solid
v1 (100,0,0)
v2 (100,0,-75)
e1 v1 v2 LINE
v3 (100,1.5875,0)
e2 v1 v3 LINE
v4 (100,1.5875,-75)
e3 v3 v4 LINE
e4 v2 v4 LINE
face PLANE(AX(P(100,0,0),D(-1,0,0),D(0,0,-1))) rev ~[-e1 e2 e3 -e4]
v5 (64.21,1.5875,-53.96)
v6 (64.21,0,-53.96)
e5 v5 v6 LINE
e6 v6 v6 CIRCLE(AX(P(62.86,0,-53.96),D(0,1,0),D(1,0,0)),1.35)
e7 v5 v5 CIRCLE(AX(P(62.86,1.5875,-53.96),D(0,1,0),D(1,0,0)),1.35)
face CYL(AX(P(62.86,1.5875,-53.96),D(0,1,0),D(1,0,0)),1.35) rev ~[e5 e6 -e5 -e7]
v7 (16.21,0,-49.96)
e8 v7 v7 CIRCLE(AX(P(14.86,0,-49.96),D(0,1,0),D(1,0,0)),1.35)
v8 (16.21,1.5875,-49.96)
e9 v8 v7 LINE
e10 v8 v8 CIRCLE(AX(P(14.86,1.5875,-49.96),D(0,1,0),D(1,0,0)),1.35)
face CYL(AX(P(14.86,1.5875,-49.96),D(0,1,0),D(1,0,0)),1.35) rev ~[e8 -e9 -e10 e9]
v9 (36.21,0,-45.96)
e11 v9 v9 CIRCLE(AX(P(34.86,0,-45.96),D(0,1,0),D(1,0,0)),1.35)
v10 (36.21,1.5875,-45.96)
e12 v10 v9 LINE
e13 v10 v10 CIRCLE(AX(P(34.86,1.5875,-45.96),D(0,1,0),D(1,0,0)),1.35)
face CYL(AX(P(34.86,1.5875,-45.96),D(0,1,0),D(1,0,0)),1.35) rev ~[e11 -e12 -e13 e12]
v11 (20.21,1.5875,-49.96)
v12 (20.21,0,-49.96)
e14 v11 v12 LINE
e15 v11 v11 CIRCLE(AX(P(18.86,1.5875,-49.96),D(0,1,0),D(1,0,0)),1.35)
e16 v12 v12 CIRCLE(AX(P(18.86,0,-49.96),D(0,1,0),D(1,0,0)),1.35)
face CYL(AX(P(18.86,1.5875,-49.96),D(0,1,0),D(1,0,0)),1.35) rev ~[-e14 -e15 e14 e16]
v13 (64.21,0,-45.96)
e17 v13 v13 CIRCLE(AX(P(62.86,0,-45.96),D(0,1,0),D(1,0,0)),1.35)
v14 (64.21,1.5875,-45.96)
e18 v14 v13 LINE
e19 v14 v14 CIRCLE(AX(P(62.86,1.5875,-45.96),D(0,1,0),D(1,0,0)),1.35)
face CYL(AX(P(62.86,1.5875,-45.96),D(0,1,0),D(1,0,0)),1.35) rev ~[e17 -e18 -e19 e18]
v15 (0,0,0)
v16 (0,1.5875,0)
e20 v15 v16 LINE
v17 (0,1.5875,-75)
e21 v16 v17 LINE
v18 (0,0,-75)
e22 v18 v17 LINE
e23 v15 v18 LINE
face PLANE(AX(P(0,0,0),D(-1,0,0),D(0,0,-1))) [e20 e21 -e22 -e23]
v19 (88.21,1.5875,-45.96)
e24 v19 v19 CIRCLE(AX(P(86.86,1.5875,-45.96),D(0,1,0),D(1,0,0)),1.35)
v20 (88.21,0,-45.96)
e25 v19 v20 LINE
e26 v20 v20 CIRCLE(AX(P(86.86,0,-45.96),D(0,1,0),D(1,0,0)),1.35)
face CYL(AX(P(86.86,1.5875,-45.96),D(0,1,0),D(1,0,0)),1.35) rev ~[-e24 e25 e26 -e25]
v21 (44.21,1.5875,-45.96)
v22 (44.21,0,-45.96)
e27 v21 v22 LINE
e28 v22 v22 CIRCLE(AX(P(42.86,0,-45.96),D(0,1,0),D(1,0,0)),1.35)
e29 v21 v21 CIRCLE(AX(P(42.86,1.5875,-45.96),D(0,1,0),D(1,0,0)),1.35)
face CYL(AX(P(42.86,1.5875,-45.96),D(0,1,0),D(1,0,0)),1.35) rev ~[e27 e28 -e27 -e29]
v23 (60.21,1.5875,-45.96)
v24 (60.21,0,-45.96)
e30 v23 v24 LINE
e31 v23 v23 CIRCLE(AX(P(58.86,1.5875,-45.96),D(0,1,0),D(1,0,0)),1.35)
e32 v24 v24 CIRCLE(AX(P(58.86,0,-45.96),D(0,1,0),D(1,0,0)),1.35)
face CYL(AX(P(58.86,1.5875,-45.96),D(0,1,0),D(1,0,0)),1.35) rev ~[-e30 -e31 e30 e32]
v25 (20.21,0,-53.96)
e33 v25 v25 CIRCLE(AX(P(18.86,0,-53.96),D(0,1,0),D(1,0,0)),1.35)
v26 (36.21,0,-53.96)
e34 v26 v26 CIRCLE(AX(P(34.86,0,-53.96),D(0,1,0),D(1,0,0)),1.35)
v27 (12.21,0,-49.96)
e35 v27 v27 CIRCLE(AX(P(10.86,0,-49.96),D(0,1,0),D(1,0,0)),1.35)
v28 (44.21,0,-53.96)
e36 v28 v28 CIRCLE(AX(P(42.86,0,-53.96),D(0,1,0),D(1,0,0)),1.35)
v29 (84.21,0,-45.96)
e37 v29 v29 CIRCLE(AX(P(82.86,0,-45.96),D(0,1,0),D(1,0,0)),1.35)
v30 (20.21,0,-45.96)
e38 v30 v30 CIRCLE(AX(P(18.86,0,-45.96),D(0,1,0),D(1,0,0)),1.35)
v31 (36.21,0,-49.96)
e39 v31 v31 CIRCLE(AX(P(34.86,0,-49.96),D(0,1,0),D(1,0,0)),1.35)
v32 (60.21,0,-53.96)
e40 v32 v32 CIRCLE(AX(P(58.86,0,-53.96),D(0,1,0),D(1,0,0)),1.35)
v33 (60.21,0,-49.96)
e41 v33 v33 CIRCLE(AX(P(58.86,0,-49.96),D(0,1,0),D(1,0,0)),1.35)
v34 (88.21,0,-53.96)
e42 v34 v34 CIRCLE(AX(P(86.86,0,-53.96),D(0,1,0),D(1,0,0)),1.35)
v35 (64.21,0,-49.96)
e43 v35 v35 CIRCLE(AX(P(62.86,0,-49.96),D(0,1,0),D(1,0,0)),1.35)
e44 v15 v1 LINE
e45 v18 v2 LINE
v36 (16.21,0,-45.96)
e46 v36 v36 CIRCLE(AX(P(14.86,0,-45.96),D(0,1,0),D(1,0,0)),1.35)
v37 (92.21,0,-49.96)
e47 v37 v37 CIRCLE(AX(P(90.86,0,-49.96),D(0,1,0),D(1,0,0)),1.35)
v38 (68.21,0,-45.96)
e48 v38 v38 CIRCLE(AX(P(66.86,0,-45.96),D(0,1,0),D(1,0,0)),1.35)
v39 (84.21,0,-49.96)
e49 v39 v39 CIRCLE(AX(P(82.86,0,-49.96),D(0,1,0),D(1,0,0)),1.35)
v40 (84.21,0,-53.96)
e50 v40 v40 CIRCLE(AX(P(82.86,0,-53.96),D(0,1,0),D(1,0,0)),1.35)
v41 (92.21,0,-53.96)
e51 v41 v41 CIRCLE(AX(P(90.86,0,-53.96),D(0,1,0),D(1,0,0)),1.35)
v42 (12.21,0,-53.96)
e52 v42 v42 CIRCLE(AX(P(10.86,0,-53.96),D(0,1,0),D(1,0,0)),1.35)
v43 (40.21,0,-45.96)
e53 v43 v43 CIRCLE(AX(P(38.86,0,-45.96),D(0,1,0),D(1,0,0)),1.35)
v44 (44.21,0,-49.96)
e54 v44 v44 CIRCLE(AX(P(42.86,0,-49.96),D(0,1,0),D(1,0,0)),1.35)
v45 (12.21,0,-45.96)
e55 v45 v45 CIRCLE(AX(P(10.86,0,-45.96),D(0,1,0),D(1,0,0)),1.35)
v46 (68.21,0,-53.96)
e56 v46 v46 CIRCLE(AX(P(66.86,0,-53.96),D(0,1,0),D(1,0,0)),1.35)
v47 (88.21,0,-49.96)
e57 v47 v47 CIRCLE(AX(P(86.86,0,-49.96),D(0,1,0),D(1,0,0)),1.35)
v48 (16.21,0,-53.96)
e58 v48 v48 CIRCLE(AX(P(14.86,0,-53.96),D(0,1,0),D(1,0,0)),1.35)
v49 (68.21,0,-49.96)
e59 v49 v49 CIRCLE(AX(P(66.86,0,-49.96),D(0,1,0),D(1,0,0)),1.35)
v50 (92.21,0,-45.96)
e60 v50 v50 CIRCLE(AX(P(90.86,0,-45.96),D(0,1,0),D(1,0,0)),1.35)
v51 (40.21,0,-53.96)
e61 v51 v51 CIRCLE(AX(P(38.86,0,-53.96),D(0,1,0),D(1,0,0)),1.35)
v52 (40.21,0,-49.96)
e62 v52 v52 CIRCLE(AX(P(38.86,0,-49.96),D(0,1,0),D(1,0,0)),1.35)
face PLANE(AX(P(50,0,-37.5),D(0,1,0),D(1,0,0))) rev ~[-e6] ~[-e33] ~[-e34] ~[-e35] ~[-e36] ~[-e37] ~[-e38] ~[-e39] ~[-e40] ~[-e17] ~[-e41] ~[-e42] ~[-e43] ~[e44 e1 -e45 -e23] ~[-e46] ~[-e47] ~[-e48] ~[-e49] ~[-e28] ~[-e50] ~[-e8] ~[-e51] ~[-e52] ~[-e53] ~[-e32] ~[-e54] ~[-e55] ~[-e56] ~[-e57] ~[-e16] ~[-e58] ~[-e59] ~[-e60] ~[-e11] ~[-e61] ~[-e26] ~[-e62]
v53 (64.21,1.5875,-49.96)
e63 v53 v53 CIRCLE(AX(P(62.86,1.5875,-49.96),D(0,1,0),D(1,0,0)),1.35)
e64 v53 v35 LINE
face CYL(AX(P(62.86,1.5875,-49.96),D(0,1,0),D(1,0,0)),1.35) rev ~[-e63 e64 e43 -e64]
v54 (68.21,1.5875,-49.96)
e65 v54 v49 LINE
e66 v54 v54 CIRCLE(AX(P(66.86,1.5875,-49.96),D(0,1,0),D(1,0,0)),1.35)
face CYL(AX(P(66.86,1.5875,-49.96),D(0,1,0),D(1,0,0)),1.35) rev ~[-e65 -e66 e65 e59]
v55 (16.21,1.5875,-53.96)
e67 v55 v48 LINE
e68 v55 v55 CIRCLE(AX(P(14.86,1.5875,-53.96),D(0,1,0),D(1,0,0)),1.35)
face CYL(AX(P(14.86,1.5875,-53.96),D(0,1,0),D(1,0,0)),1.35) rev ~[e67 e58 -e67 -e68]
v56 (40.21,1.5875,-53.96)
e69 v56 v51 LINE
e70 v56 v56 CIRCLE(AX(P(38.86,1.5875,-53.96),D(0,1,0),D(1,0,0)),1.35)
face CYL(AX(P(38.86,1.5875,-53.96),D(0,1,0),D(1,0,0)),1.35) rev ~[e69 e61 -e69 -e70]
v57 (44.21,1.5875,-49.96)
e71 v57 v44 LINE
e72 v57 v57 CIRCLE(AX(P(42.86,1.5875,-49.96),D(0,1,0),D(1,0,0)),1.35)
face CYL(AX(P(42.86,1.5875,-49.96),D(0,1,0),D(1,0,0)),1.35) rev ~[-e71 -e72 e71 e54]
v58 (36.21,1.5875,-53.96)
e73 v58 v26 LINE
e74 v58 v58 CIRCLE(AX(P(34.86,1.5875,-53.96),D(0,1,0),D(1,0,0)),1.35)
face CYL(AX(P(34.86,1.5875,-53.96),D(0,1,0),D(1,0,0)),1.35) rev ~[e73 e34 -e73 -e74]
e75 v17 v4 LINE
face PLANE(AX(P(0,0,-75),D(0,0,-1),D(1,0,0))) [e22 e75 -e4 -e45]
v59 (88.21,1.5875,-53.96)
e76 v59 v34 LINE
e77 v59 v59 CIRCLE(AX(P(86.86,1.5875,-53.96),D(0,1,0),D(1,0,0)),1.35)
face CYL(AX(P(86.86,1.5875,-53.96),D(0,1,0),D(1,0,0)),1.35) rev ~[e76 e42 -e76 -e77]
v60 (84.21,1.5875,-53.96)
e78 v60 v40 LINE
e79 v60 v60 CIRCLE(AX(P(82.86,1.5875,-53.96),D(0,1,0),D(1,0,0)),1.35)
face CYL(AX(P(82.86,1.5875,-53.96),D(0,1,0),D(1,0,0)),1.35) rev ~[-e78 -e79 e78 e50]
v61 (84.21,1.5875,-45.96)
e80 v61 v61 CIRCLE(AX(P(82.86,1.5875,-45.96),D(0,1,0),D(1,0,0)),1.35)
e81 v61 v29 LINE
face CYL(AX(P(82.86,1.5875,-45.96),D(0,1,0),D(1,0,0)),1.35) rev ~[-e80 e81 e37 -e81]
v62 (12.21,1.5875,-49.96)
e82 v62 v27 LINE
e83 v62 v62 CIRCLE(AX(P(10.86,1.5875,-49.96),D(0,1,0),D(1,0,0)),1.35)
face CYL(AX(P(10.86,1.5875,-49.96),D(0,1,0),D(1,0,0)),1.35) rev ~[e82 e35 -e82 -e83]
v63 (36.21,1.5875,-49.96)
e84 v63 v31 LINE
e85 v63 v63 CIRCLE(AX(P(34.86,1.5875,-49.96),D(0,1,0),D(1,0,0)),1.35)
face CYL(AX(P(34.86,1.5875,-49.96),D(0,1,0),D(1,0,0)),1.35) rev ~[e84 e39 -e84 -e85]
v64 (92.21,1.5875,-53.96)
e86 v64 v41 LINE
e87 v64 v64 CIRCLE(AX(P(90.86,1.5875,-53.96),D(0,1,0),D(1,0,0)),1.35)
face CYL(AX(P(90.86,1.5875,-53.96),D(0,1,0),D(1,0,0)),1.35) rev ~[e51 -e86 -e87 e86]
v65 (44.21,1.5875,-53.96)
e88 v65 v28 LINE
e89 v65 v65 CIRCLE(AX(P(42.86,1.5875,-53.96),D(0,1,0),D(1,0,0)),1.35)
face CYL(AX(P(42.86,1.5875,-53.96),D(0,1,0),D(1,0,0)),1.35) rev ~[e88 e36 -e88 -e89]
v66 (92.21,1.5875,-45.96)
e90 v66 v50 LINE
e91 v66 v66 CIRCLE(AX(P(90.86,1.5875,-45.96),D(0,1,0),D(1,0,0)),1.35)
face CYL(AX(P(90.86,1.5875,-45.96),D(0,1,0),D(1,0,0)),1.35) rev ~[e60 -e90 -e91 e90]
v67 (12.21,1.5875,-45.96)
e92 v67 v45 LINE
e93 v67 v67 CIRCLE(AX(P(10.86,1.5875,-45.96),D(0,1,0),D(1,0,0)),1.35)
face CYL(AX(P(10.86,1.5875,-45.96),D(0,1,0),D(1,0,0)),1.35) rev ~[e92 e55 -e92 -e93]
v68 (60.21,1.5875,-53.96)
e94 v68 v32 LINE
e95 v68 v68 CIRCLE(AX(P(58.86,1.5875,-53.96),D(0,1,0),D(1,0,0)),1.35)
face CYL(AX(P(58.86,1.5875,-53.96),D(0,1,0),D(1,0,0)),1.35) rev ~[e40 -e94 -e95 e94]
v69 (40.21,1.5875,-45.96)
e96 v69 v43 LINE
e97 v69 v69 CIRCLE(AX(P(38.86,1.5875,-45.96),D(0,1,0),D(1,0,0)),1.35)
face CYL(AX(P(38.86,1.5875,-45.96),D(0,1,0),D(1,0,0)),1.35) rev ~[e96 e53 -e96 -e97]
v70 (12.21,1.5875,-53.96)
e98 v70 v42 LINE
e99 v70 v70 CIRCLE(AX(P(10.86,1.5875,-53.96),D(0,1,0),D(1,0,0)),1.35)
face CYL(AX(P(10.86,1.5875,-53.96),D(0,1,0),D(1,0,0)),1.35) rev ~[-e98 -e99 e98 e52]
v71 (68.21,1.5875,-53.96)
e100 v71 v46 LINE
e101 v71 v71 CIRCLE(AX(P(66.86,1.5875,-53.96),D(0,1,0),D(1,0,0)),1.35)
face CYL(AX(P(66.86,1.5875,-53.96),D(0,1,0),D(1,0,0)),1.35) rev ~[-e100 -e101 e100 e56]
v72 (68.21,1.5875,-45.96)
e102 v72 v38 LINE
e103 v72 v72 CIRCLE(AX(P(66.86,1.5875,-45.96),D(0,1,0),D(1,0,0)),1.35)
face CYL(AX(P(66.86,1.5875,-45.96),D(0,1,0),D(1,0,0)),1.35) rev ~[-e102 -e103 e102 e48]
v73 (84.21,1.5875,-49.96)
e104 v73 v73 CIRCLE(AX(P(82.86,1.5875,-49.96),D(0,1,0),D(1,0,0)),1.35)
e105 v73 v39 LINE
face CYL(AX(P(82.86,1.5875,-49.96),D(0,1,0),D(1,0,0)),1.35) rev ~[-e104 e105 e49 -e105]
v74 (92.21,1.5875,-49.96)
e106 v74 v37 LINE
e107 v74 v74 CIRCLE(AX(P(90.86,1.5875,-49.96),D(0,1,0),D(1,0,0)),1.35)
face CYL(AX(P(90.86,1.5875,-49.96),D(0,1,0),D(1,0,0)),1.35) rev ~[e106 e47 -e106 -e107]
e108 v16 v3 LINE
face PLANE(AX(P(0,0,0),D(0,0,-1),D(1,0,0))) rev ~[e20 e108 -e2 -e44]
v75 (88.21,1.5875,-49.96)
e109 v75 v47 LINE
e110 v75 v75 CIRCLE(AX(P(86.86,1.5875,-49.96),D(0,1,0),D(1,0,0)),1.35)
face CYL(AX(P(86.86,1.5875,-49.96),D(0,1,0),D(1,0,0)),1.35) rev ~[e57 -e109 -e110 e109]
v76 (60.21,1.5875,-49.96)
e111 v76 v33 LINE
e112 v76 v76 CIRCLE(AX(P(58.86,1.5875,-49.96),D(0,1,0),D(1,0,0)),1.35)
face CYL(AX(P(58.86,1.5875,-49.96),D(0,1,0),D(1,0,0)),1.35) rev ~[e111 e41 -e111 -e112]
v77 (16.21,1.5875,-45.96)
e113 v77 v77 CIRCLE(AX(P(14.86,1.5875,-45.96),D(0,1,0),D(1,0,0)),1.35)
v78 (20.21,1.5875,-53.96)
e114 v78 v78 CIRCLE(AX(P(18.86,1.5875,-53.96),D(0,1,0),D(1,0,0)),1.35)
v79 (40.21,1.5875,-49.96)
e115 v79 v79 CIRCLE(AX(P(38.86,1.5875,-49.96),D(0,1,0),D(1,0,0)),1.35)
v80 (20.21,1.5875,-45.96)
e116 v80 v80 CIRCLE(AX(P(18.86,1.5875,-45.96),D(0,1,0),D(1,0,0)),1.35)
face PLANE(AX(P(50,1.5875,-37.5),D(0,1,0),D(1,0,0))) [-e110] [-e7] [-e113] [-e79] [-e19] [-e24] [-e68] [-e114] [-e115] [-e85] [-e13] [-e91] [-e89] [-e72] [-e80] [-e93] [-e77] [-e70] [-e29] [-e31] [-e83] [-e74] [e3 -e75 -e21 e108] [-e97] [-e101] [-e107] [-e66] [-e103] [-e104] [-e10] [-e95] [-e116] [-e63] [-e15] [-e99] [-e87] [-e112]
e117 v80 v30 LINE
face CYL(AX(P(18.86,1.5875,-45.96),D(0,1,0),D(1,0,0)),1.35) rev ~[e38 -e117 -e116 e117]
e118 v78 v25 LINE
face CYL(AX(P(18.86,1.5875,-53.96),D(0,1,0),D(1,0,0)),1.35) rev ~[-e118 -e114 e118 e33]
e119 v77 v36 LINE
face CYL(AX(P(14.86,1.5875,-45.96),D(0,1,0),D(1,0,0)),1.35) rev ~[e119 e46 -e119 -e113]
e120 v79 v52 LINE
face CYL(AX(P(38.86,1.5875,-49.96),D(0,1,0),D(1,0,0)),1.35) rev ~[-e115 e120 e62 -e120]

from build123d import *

# Parameters (mm, degrees)
SKETCH1_W           = 100
SKETCH1_H           = 75
BOSS_EXTRUDE1_DEPTH = 1.5875
SKETCH4_R           = 1.35
CUT_EXTRUDE1_DEPTH  = 2.5875


with BuildPart() as part:
    # Sketch1 → Boss-Extrude1 (new body)
    with BuildSketch(Plane(origin=(0, 0, 0), x_dir=(1, 0, 0), z_dir=(0, 1, 0))):
        with Locations((50, 37.5)):
            Rectangle(SKETCH1_W, SKETCH1_H)
    extrude(amount=BOSS_EXTRUDE1_DEPTH)

    # Sketch4 → Cut-Extrude1 (cut, through all)
    with BuildSketch(Plane(origin=(0, 1.5875, 0), x_dir=(1, 0, 0), z_dir=(0, 1, 0))):
        with Locations((10.86, 53.96)):
            Circle(SKETCH4_R)
        with Locations((10.86, 49.96)):
            Circle(SKETCH4_R)
        with Locations((10.86, 45.96)):
            Circle(SKETCH4_R)
        with Locations((14.86, 53.96)):
            Circle(SKETCH4_R)
        with Locations((14.86, 49.96)):
            Circle(SKETCH4_R)
        with Locations((14.86, 45.96)):
            Circle(SKETCH4_R)
        with Locations((18.86, 53.96)):
            Circle(SKETCH4_R)
        with Locations((18.86, 49.96)):
            Circle(SKETCH4_R)
        with Locations((18.86, 45.96)):
            Circle(SKETCH4_R)
        with Locations((34.86, 53.96)):
            Circle(SKETCH4_R)
        with Locations((34.86, 49.96)):
            Circle(SKETCH4_R)
        with Locations((34.86, 45.96)):
            Circle(SKETCH4_R)
        with Locations((38.86, 53.96)):
            Circle(SKETCH4_R)
        with Locations((38.86, 49.96)):
            Circle(SKETCH4_R)
        with Locations((38.86, 45.96)):
            Circle(SKETCH4_R)
        with Locations((42.86, 53.96)):
            Circle(SKETCH4_R)
        with Locations((42.86, 49.96)):
            Circle(SKETCH4_R)
        with Locations((42.86, 45.96)):
            Circle(SKETCH4_R)
        with Locations((58.86, 53.96)):
            Circle(SKETCH4_R)
        with Locations((58.86, 49.96)):
            Circle(SKETCH4_R)
        with Locations((58.86, 45.96)):
            Circle(SKETCH4_R)
        with Locations((62.86, 53.96)):
            Circle(SKETCH4_R)
        with Locations((62.86, 49.96)):
            Circle(SKETCH4_R)
        with Locations((62.86, 45.96)):
            Circle(SKETCH4_R)
        with Locations((66.86, 53.96)):
            Circle(SKETCH4_R)
        with Locations((66.86, 49.96)):
            Circle(SKETCH4_R)
        with Locations((66.86, 45.96)):
            Circle(SKETCH4_R)
        with Locations((82.86, 53.96)):
            Circle(SKETCH4_R)
        with Locations((82.86, 49.96)):
            Circle(SKETCH4_R)
        with Locations((82.86, 45.96)):
            Circle(SKETCH4_R)
        with Locations((86.86, 53.96)):
            Circle(SKETCH4_R)
        with Locations((86.86, 49.96)):
            Circle(SKETCH4_R)
        with Locations((86.86, 45.96)):
            Circle(SKETCH4_R)
        with Locations((90.86, 53.96)):
            Circle(SKETCH4_R)
        with Locations((90.86, 49.96)):
            Circle(SKETCH4_R)
        with Locations((90.86, 45.96)):
            Circle(SKETCH4_R)
    extrude(amount=-CUT_EXTRUDE1_DEPTH, mode=Mode.SUBTRACT)


solid = part.part
